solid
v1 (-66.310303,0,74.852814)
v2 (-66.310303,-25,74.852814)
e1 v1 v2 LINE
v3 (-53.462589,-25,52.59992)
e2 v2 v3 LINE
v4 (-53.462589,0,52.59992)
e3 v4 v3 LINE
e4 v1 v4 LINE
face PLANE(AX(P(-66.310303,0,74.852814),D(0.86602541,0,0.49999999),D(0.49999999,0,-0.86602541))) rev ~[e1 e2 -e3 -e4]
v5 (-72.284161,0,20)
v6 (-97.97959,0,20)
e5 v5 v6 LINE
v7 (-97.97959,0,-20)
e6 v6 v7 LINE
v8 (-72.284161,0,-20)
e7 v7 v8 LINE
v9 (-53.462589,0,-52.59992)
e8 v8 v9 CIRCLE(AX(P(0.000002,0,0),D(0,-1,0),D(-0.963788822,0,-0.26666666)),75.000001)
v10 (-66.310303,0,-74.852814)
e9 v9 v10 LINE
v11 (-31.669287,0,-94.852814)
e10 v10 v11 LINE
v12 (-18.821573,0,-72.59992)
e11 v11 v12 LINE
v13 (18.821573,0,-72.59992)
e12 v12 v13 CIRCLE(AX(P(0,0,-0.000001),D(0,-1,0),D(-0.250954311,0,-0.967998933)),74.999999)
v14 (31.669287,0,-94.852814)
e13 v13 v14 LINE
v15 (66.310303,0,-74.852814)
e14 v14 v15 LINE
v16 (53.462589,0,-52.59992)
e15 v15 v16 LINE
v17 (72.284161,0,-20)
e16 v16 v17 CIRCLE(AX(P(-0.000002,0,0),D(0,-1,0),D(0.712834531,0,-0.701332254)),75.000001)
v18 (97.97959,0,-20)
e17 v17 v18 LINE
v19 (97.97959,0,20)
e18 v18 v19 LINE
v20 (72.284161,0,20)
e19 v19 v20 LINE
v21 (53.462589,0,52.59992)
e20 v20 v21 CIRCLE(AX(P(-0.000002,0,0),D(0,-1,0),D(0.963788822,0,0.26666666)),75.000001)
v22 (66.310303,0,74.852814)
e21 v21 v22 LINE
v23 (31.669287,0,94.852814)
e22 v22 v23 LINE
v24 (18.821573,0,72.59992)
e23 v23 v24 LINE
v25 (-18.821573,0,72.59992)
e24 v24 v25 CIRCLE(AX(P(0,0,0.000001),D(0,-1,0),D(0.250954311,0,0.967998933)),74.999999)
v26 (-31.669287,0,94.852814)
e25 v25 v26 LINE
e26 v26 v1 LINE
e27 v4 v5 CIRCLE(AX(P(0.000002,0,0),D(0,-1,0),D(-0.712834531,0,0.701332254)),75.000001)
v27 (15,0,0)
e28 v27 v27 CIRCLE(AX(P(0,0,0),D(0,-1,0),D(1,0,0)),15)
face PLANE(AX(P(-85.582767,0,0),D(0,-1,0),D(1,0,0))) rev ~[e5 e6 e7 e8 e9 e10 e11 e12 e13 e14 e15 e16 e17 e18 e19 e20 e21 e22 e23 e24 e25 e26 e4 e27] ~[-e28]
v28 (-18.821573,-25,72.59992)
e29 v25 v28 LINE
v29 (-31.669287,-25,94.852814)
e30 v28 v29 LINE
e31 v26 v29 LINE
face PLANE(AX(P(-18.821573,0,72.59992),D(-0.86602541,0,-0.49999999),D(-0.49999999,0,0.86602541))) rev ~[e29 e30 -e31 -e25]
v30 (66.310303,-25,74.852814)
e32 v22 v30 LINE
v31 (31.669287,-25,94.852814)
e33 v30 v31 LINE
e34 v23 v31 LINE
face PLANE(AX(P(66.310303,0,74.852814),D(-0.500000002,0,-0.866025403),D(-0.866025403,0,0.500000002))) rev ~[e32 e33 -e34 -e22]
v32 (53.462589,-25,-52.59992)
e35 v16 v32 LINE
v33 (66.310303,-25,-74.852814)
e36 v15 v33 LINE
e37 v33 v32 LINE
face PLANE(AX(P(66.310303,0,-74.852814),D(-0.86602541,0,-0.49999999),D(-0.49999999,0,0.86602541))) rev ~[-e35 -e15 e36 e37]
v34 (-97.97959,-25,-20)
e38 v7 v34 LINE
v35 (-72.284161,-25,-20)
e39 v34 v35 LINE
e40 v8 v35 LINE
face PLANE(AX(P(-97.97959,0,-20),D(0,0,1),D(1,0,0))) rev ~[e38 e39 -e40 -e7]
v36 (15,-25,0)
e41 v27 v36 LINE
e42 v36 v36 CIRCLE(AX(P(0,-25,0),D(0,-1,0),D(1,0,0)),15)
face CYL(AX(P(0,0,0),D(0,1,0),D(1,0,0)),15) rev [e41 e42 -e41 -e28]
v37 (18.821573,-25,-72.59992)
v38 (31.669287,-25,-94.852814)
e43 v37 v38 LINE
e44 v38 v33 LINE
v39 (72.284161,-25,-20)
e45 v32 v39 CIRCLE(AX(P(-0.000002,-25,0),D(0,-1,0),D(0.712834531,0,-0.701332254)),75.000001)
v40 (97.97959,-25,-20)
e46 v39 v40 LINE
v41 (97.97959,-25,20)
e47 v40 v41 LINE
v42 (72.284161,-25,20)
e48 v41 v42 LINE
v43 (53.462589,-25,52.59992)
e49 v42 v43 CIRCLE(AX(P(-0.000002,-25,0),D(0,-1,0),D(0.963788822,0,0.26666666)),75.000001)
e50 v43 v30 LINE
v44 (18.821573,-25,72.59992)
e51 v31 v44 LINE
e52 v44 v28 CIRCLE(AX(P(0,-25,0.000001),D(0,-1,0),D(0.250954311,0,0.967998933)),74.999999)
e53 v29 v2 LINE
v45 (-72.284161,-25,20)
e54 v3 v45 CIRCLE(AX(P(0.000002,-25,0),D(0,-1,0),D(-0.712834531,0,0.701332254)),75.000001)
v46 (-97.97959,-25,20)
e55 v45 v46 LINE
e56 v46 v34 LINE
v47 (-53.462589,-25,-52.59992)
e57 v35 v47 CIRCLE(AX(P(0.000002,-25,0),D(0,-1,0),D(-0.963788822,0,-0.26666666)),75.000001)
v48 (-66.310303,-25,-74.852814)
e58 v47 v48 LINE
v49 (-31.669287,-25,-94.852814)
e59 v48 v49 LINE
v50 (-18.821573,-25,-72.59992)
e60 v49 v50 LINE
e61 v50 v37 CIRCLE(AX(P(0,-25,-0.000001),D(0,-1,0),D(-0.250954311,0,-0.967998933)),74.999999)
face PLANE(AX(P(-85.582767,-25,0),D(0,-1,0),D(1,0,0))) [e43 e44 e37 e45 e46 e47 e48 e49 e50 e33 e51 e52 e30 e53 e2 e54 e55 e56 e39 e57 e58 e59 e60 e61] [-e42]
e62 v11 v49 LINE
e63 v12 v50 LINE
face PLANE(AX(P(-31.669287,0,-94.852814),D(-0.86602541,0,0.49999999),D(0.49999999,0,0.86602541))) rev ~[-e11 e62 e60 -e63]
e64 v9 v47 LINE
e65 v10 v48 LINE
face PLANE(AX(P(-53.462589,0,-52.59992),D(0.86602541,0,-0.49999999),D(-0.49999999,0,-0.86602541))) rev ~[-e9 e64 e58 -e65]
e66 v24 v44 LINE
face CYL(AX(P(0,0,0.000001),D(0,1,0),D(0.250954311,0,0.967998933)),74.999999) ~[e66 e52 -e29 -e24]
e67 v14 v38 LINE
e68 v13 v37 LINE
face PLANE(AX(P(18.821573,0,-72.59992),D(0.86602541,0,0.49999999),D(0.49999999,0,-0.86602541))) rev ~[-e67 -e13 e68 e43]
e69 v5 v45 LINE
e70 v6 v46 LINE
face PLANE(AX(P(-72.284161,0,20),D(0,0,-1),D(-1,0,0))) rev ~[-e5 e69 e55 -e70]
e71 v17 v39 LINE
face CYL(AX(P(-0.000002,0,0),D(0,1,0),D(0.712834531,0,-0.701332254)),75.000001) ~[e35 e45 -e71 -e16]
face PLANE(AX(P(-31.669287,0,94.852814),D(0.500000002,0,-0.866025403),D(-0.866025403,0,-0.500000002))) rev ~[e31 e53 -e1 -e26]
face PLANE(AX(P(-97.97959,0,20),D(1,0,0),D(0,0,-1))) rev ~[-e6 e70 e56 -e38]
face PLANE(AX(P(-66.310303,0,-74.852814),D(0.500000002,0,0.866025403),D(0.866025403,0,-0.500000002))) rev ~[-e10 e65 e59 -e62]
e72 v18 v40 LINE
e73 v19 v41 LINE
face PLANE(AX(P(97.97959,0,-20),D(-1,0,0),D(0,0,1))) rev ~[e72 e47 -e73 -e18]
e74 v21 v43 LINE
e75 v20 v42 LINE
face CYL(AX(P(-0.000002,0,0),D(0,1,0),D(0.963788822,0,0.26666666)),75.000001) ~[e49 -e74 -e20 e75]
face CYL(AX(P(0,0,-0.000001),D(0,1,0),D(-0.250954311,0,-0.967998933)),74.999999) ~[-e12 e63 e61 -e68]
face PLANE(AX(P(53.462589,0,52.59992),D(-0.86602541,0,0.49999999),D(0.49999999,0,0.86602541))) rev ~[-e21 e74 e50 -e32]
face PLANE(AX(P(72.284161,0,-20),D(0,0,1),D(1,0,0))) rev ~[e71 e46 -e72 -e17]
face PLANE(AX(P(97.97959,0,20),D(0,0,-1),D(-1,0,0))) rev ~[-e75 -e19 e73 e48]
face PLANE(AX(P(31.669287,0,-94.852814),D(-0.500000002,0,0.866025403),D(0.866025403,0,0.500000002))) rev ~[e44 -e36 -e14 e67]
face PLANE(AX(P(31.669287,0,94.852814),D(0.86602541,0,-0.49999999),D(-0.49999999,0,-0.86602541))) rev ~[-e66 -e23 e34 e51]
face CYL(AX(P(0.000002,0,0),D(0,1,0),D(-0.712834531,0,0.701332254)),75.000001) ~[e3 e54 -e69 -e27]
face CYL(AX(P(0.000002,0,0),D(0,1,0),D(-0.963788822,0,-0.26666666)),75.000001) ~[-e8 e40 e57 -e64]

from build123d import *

# Parameters (mm, degrees)
F0_R     = 15
F1_DEPTH = 25


with BuildPart() as f1:
    # F0 (on Front) → F1 (new body)
    with BuildSketch(Plane.XZ):
        with BuildLine():
            ThreePointArc((-72.284161, -20), (-75, 0), (-72.284161, 20))
            Line((-72.284161, 20), (-97.97959, 20))
            Line((-97.97959, 20), (-97.97959, -20))
            Line((-97.97959, -20), (-72.284161, -20))
        make_face()
        with BuildLine():
            Line((-31.669287, -94.852814), (-18.821573, -72.59992))
            ThreePointArc((-18.821573, -72.59992), (-37.5, -64.951905), (-53.462589, -52.59992))
            Line((-53.462589, -52.59992), (-66.310303, -74.852814))
            Line((-66.310303, -74.852814), (-31.669287, -94.852814))
        make_face()
        with BuildLine():
            Line((66.310303, -74.852814), (53.462589, -52.59992))
            ThreePointArc((53.462589, -52.59992), (37.5, -64.951905), (18.821573, -72.59992))
            Line((18.821573, -72.59992), (31.669287, -94.852814))
            Line((31.669287, -94.852814), (66.310303, -74.852814))
        make_face()
        with BuildLine():
            ThreePointArc((72.284161, 20), (74.317939, 10.091776), (75, 0))
            ThreePointArc((75, 0), (74.317939, -10.091776), (72.284161, -20))
            Line((72.284161, -20), (97.97959, -20))
            Line((97.97959, -20), (97.97959, 20))
            Line((97.97959, 20), (72.284161, 20))
        make_face()
        with BuildLine():
            ThreePointArc((18.821573, 72.59992), (37.5, 64.951905), (53.462589, 52.59992))
            Line((53.462589, 52.59992), (66.310303, 74.852814))
            Line((66.310303, 74.852814), (31.669287, 94.852814))
            Line((31.669287, 94.852814), (18.821573, 72.59992))
        make_face()
        with BuildLine():
            ThreePointArc((-53.462589, 52.59992), (-37.5, 64.951905), (-18.821573, 72.59992))
            Line((-18.821573, 72.59992), (-31.669287, 94.852814))
            Line((-31.669287, 94.852814), (-66.310303, 74.852814))
            Line((-66.310303, 74.852814), (-53.462589, 52.59992))
        make_face()
        with BuildLine():
            ThreePointArc((72.284161, -20), (74.317939, -10.091776), (75, 0))
            ThreePointArc((75, 0), (74.317939, 10.091776), (72.284161, 20))
            ThreePointArc((72.284161, 20), (64.951905, 37.5), (53.462589, 52.59992))
            ThreePointArc((53.462589, 52.59992), (37.5, 64.951905), (18.821573, 72.59992))
            ThreePointArc((18.821573, 72.59992), (0, 75), (-18.821573, 72.59992))
            ThreePointArc((-18.821573, 72.59992), (-37.5, 64.951905), (-53.462589, 52.59992))
            ThreePointArc((-53.462589, 52.59992), (-64.951905, 37.5), (-72.284161, 20))
            ThreePointArc((-72.284161, 20), (-75, 0), (-72.284161, -20))
            ThreePointArc((-72.284161, -20), (-64.951905, -37.5), (-53.462589, -52.59992))
            ThreePointArc((-53.462589, -52.59992), (-37.5, -64.951905), (-18.821573, -72.59992))
            ThreePointArc((-18.821573, -72.59992), (0, -75), (18.821573, -72.59992))
            ThreePointArc((18.821573, -72.59992), (37.5, -64.951905), (53.462589, -52.59992))
            ThreePointArc((53.462589, -52.59992), (64.951905, -37.5), (72.284161, -20))
        make_face()
        Circle(F0_R, mode=Mode.SUBTRACT)
    extrude(amount=F1_DEPTH)


solid = f1.part
